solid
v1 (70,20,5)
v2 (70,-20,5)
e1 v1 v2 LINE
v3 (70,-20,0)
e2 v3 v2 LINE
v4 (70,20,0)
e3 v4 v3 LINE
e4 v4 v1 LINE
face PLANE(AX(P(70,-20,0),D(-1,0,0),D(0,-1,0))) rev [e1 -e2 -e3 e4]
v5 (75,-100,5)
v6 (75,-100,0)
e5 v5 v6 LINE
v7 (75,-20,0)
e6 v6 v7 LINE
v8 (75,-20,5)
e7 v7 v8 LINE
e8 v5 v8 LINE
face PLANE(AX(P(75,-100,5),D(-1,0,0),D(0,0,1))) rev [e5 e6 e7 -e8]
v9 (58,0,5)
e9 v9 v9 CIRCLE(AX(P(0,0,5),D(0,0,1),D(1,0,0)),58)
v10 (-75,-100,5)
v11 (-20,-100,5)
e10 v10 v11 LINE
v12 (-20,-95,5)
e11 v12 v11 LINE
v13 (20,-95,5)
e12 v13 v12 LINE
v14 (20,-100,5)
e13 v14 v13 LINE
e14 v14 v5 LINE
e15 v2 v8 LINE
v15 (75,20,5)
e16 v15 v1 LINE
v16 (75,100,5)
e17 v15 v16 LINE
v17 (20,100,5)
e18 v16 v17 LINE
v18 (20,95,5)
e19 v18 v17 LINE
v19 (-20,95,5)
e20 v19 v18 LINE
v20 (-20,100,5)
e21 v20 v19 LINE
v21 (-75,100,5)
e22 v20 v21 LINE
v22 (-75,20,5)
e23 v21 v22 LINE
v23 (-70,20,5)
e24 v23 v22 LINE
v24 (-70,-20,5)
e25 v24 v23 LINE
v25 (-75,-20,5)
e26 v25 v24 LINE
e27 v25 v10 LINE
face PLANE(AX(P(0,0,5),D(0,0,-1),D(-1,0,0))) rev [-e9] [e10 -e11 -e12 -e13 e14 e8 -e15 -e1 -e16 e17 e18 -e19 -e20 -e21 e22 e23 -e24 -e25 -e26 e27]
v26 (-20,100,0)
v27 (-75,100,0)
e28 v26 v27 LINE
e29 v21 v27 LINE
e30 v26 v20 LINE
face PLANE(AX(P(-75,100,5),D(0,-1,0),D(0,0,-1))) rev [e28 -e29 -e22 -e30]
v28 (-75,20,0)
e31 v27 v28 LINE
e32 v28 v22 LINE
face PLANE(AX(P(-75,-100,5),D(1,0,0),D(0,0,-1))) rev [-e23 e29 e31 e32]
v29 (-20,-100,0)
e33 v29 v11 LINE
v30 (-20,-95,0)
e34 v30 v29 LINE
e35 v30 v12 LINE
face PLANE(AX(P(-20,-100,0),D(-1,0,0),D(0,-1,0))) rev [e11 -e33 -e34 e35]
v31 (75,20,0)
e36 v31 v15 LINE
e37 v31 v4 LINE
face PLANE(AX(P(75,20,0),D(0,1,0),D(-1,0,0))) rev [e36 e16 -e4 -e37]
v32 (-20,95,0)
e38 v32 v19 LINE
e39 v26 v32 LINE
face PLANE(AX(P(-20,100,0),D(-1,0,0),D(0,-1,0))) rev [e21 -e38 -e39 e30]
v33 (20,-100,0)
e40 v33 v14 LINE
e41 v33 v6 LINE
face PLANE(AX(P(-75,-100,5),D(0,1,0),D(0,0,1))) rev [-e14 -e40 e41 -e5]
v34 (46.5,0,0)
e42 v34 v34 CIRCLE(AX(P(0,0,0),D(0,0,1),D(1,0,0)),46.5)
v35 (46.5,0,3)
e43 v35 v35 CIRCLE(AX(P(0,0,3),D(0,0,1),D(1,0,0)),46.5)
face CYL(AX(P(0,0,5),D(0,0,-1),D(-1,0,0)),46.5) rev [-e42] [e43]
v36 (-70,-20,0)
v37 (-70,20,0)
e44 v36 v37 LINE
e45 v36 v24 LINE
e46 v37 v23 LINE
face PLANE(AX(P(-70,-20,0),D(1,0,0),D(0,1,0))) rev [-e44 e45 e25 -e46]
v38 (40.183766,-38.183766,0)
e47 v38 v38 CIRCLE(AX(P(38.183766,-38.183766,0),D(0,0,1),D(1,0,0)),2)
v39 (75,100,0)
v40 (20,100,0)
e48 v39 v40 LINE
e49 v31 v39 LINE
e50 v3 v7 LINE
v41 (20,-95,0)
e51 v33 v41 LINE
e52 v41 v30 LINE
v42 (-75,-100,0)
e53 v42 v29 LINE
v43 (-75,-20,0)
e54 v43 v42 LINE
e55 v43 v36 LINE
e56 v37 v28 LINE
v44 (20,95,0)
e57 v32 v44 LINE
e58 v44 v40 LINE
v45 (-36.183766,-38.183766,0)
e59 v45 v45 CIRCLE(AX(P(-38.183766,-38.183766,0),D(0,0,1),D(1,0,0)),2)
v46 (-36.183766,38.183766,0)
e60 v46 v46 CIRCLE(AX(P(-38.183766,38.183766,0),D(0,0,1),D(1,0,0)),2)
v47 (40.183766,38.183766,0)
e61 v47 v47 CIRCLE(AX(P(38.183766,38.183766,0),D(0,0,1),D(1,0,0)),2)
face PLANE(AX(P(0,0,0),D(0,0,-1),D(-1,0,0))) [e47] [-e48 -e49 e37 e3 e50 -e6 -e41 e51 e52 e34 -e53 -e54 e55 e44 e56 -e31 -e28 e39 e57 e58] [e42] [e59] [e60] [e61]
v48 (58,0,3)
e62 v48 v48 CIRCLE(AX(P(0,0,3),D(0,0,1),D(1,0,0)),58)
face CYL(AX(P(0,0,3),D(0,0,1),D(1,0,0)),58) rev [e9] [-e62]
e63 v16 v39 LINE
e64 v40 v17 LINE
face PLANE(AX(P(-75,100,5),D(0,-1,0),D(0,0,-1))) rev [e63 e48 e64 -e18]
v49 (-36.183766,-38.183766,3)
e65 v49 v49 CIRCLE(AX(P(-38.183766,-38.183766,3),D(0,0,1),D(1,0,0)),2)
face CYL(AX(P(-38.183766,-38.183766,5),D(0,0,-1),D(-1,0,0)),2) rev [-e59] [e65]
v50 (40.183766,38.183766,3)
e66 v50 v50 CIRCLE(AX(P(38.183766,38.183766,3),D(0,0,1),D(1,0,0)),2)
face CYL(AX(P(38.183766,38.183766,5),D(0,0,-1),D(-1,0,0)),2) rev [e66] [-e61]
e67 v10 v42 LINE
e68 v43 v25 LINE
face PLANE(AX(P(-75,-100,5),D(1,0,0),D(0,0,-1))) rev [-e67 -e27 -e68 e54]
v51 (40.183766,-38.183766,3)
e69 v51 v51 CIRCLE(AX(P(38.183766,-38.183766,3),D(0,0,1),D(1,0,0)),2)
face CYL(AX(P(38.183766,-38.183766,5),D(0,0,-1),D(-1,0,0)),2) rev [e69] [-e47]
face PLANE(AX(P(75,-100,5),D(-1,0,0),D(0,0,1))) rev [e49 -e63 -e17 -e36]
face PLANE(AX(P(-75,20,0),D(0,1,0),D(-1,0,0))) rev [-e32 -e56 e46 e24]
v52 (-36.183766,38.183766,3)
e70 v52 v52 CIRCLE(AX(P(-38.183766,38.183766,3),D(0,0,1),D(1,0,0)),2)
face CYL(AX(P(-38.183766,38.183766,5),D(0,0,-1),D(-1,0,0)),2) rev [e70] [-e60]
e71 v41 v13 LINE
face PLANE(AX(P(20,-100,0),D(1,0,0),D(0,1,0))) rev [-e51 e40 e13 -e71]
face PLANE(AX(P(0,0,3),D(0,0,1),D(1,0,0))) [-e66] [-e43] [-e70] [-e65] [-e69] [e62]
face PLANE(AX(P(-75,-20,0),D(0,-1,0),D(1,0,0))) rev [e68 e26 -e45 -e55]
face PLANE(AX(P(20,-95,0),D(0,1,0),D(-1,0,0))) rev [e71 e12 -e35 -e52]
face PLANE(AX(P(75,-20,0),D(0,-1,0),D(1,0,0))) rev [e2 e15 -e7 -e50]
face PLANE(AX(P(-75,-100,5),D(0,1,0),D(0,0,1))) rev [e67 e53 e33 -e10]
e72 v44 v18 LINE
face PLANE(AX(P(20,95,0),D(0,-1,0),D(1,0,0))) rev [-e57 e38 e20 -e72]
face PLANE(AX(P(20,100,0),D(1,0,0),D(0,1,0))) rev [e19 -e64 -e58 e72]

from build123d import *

# Parameters (mm, degrees)
CROQUIS1_W              = 150
CROQUIS1_H              = 200
CROQUIS1_R              = 46.5
CROQUIS1_R_2            = 2
SALIENTE_EXTRUIR1_DEPTH = 5
CROQUIS2_R              = 58
CORTAR_EXTRUIR1_DEPTH   = 2
CORTAR_EXTRUIR2_START   = -5
CROQUIS3_W              = 40
CROQUIS3_H              = 5
CROQUIS3_W_2            = 5
CROQUIS3_H_2            = 40
CORTAR_EXTRUIR2_DEPTH   = 5


with BuildPart() as part:
    # Croquis1 → Saliente-Extruir1 (new body)
    with BuildSketch(Plane.XY):
        Rectangle(CROQUIS1_W, CROQUIS1_H)
        Circle(CROQUIS1_R, mode=Mode.SUBTRACT)
        with Locations((-38.183766184, 38.183766184)):
            Circle(CROQUIS1_R_2, mode=Mode.SUBTRACT)
        with Locations((38.183766184, 38.183766184)):
            Circle(CROQUIS1_R_2, mode=Mode.SUBTRACT)
        with Locations((38.183766184, -38.183766184)):
            Circle(CROQUIS1_R_2, mode=Mode.SUBTRACT)
        with Locations((-38.183766184, -38.183766184)):
            Circle(CROQUIS1_R_2, mode=Mode.SUBTRACT)
    extrude(amount=SALIENTE_EXTRUIR1_DEPTH)

    # Croquis2 → Cortar-Extruir1 (cut)
    with BuildSketch(Plane.XY.offset(5)):
        Circle(CROQUIS2_R)
    extrude(amount=-CORTAR_EXTRUIR1_DEPTH, mode=Mode.SUBTRACT)

    # Croquis3 → Cortar-Extruir2 (cut)
    with BuildSketch(Plane.XY.offset(5).offset(CORTAR_EXTRUIR2_START)):
        with Locations((0, 97.5)):
            Rectangle(CROQUIS3_W, CROQUIS3_H)
        with Locations((0, -97.5)):
            Rectangle(CROQUIS3_W, CROQUIS3_H)
        with Locations((-72.5, 0)):
            Rectangle(CROQUIS3_W_2, CROQUIS3_H_2)
        with Locations((72.5, 0)):
            Rectangle(CROQUIS3_W_2, CROQUIS3_H_2)
    extrude(amount=CORTAR_EXTRUIR2_DEPTH, mode=Mode.SUBTRACT)


solid = part.part
